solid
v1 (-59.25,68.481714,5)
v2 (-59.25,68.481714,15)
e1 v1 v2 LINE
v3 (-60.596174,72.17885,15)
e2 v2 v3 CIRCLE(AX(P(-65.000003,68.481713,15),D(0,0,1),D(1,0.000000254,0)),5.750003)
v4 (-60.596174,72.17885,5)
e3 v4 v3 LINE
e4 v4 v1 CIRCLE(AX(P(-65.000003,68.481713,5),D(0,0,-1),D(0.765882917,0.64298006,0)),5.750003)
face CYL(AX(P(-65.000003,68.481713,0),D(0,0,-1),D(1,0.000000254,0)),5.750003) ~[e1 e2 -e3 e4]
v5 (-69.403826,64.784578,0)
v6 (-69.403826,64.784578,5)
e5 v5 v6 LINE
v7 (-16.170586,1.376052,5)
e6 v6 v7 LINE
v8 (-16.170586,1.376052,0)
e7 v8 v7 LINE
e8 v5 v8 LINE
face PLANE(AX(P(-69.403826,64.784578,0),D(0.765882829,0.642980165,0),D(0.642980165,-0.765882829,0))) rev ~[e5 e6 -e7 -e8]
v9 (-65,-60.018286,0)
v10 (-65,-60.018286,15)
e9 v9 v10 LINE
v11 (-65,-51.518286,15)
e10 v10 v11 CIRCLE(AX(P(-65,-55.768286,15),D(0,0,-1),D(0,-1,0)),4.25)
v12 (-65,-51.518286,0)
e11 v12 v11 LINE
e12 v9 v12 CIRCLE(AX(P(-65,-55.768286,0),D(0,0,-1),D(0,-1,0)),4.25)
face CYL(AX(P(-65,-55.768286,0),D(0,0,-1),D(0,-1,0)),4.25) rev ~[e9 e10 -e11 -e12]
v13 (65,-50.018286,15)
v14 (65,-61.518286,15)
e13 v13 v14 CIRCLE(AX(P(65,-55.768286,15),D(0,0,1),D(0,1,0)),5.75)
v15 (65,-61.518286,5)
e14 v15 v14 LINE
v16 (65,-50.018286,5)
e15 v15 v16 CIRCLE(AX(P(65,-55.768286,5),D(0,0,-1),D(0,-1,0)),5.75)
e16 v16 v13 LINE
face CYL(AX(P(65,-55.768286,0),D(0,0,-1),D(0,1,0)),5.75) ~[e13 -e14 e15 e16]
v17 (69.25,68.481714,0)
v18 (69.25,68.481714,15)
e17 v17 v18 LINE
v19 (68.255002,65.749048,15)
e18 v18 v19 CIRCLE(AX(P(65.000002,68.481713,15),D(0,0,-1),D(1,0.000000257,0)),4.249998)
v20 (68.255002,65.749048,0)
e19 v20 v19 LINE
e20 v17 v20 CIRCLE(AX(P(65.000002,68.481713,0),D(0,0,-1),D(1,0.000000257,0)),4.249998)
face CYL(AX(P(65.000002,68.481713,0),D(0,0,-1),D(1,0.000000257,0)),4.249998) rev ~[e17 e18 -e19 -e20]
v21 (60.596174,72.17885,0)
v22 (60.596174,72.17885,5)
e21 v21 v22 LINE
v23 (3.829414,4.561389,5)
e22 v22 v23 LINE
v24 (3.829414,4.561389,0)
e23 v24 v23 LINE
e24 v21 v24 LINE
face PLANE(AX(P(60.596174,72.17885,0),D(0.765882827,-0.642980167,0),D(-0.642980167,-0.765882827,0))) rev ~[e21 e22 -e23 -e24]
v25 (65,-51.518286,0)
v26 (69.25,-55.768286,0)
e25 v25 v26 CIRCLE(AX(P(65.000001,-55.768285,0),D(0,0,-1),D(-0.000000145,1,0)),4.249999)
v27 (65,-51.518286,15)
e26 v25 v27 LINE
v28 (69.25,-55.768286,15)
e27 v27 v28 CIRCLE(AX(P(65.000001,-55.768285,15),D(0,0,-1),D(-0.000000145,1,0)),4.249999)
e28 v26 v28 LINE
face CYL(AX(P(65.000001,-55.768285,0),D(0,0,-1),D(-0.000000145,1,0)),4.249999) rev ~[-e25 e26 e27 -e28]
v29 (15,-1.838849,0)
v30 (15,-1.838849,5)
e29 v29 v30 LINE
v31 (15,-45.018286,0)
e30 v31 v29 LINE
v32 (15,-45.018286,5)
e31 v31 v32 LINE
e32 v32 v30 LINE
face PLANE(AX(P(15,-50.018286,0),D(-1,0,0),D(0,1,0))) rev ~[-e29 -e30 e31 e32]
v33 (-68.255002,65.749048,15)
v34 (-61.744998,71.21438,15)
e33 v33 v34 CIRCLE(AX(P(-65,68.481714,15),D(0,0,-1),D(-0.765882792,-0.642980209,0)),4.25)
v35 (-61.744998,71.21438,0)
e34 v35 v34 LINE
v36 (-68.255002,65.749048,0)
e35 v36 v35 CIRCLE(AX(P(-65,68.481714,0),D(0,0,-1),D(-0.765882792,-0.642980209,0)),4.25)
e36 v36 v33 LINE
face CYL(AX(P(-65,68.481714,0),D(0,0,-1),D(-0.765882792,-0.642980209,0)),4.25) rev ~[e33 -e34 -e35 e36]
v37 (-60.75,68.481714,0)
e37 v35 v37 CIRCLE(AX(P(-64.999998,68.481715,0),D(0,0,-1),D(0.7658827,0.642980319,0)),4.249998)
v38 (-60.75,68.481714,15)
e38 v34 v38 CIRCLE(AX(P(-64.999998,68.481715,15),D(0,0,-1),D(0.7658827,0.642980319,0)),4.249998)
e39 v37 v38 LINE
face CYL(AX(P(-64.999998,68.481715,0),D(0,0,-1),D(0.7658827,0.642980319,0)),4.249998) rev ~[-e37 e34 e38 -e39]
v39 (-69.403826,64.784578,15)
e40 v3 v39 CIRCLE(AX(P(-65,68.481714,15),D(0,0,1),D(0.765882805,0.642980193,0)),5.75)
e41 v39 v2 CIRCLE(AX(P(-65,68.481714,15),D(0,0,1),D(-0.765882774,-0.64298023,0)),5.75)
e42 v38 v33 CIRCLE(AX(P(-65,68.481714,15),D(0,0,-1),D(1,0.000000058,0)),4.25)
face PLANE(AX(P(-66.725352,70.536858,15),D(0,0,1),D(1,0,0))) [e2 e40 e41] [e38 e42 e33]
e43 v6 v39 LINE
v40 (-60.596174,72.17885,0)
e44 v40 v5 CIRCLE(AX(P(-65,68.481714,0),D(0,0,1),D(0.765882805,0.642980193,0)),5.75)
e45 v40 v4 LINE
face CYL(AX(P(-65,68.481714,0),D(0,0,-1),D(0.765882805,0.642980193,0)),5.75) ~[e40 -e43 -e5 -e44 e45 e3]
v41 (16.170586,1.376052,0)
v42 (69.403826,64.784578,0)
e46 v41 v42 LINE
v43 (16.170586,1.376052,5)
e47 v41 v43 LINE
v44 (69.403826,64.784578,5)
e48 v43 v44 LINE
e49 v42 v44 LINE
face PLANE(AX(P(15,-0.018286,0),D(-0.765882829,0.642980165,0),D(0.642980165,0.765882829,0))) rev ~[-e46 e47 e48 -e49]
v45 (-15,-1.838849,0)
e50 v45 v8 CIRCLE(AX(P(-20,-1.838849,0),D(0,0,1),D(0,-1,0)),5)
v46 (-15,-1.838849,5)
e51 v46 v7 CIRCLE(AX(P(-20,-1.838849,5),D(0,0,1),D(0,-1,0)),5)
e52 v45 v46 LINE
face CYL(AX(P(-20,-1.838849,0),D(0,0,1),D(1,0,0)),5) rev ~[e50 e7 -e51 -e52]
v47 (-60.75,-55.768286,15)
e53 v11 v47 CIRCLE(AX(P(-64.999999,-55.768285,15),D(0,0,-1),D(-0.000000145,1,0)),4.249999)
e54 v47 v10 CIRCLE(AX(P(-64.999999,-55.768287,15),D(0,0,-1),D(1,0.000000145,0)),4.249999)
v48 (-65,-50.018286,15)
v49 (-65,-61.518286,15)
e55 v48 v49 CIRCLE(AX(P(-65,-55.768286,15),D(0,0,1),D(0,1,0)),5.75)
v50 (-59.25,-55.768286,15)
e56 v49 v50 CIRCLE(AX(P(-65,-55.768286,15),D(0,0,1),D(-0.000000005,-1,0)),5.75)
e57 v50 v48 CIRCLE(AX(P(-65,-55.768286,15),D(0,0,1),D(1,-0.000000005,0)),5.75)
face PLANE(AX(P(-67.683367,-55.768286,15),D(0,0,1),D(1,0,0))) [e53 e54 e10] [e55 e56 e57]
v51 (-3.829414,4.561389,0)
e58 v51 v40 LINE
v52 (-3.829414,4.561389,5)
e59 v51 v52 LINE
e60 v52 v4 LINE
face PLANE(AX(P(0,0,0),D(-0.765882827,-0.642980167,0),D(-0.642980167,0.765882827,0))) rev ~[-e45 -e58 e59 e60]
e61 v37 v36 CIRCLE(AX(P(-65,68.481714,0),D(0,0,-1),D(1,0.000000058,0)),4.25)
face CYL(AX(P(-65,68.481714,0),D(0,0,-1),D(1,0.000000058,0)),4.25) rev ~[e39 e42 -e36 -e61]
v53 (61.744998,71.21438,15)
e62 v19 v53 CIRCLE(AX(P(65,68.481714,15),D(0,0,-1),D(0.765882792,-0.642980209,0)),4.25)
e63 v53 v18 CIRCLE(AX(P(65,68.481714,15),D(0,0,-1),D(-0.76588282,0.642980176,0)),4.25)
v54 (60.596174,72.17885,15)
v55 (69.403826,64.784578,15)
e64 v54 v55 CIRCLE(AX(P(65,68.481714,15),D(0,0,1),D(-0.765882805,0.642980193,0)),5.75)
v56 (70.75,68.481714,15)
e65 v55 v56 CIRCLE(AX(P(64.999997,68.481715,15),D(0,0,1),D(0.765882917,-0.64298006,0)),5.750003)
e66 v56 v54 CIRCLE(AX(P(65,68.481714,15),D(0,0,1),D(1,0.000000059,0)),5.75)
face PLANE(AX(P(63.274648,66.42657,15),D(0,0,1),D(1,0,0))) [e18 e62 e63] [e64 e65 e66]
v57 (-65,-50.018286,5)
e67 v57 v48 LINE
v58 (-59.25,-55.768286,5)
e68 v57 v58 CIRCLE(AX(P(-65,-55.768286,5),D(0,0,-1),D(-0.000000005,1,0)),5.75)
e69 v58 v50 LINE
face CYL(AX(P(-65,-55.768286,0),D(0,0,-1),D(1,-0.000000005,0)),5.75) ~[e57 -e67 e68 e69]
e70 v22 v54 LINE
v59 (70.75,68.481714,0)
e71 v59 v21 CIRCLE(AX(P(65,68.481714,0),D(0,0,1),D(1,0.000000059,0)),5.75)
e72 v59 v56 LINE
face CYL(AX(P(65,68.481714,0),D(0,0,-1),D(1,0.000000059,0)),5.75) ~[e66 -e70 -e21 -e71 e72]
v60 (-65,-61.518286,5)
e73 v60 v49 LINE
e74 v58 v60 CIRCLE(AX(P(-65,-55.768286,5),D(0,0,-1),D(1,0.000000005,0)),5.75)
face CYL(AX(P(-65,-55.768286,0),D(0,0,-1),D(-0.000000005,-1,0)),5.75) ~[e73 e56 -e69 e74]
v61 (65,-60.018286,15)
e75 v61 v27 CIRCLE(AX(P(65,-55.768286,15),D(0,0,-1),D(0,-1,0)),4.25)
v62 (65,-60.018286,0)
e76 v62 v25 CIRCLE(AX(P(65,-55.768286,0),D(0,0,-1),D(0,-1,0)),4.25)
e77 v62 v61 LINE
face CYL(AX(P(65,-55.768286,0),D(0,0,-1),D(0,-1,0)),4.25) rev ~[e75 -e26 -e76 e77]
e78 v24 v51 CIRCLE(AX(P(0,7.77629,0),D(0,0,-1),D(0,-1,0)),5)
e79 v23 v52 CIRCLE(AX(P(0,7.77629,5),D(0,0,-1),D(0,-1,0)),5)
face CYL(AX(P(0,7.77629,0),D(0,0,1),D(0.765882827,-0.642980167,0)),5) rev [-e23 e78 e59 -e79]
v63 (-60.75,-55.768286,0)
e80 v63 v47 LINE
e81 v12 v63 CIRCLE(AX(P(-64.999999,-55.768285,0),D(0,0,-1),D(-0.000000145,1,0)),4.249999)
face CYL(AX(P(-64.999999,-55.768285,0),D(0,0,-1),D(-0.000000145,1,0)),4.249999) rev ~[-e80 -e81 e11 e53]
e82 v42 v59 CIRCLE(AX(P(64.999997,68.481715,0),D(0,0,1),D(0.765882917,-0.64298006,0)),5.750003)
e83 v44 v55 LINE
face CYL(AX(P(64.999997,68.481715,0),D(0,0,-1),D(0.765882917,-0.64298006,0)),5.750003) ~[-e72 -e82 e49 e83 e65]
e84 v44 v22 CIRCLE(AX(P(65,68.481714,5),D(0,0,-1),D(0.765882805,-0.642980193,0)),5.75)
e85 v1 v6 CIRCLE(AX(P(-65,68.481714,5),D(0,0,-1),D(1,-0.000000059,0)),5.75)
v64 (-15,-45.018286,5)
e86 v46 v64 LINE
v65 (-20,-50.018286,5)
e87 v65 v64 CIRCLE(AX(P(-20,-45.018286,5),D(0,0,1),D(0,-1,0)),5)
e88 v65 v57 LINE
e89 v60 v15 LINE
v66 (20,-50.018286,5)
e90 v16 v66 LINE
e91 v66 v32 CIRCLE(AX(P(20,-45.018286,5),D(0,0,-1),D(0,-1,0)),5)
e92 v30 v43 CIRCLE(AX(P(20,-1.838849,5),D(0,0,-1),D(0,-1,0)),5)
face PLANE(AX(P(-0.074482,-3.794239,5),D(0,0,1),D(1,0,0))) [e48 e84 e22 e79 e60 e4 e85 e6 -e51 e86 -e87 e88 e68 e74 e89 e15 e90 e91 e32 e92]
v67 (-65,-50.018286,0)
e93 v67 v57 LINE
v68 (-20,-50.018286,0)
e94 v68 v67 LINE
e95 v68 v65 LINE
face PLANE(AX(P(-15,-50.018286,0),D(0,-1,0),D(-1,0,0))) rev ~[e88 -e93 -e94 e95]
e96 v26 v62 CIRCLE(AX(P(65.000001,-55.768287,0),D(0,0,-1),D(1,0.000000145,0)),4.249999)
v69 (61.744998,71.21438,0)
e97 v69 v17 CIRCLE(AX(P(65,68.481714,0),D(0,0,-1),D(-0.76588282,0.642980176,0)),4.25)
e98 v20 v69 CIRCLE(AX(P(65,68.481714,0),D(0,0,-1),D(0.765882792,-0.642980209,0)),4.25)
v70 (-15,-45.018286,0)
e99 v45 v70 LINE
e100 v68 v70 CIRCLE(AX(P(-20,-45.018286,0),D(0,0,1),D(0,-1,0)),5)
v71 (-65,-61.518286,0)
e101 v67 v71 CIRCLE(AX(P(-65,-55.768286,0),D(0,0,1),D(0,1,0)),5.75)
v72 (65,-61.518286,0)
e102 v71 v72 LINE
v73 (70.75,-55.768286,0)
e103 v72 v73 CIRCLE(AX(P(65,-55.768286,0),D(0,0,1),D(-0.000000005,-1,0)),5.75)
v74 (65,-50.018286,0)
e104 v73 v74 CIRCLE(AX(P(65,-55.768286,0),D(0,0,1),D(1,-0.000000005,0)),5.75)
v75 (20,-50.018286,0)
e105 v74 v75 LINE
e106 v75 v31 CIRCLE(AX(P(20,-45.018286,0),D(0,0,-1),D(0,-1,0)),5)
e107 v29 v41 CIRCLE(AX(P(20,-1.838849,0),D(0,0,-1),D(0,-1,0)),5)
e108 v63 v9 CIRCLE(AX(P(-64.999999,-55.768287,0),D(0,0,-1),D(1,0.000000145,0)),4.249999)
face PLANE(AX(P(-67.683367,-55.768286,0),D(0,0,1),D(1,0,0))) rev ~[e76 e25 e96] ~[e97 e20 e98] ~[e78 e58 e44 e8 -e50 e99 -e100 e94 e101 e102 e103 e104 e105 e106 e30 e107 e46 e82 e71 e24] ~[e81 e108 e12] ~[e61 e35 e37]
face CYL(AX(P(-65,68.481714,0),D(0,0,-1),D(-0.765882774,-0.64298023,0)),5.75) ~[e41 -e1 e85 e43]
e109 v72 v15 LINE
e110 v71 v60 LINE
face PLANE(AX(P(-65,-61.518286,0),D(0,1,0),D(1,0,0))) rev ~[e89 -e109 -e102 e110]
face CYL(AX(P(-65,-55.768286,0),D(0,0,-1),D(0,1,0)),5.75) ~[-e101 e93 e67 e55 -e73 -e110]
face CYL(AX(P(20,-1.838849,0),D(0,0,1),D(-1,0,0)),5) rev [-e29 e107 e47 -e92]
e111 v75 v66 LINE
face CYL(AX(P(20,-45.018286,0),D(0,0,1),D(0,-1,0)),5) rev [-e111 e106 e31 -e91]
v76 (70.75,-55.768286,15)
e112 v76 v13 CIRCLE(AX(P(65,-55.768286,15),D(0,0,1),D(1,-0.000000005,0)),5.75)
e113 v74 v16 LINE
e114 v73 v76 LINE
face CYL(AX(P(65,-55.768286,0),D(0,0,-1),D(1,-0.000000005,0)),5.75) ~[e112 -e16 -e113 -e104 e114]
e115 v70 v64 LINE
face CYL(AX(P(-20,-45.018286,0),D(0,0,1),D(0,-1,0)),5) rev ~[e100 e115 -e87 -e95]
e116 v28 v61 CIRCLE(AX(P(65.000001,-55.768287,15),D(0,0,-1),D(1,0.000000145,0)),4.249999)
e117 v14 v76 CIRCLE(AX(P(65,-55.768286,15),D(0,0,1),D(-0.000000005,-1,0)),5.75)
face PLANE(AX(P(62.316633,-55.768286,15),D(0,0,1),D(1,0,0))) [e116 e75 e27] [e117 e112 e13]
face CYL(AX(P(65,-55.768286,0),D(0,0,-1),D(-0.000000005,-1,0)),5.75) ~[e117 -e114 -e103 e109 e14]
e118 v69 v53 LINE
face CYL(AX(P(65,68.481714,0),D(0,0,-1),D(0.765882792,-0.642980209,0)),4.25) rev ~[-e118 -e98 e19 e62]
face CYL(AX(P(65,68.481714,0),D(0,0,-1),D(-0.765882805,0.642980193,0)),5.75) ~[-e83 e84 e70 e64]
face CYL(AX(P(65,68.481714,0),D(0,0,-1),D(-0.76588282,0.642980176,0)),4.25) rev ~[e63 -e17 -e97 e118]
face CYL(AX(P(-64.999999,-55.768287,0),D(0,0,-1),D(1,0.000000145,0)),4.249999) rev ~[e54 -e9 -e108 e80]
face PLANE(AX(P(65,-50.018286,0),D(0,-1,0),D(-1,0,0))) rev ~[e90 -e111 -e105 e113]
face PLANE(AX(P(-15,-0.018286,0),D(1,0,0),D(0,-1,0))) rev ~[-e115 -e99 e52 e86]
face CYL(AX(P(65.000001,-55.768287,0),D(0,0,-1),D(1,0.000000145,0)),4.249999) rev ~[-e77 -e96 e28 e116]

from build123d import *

# Parameters (mm, degrees)
F1_DEPTH = 5
F2_DEPTH = 15
F3_R     = 5


with BuildPart() as f1:
    # F0 (on Top) → F1 (new body)
    with BuildSketch(Plane.XY):
        with BuildLine():
            Line((-69.403826, 64.784578), (-15, -0.018286))
            Line((-15, -0.018286), (-15, -50.018286))
            Line((-15, -50.018286), (-65, -50.018286))
            ThreePointArc((-65, -50.018286), (-60.934136, -51.702422), (-59.25, -55.768286))
            ThreePointArc((-59.25, -55.768286), (-60.934136, -59.83415), (-65, -61.518286))
            Line((-65, -61.518286), (-15, -61.518286))
            Line((-15, -61.518286), (15, -61.518286))
            Line((15, -61.518286), (65, -61.518286))
            ThreePointArc((65, -61.518286), (59.25, -55.768286), (65, -50.018286))
            Line((65, -50.018286), (15, -50.018286))
            Line((15, -50.018286), (15, -0.018286))
            Line((15, -0.018286), (69.403826, 64.784578))
            ThreePointArc((69.403826, 64.784578), (61.302864, 64.077888), (60.596174, 72.17885))
            Line((60.596174, 72.17885), (0, 0))
            Line((0, 0), (-60.596174, 72.17885))
            ThreePointArc((-60.596174, 72.17885), (-59.597015, 70.449009), (-59.25, 68.481714))
            ThreePointArc((-59.25, 68.481714), (-63.032705, 63.078729), (-69.403826, 64.784578))
        make_face()
    extrude(amount=F1_DEPTH)

    # F0 (on Top) → F2 (join)
    with BuildSketch(Plane.XY):
        with BuildLine():
            Line((-65, -51.518286), (-65, -50.018286))
            ThreePointArc((-65, -50.018286), (-70.75, -55.768286), (-65, -61.518286))
            Line((-65, -61.518286), (-65, -60.018286))
            ThreePointArc((-65, -60.018286), (-69.25, -55.768286), (-65, -51.518286))
        make_face()
        with BuildLine():
            ThreePointArc((-59.25, -55.768286), (-60.934136, -51.702422), (-65, -50.018286))
            Line((-65, -50.018286), (-65, -51.518286))
            ThreePointArc((-65, -51.518286), (-61.994796, -52.763082), (-60.75, -55.768286))
            ThreePointArc((-60.75, -55.768286), (-61.994796, -58.77349), (-65, -60.018286))
            Line((-65, -60.018286), (-65, -61.518286))
            ThreePointArc((-65, -61.518286), (-60.934136, -59.83415), (-59.25, -55.768286))
        make_face()
        with BuildLine():
            ThreePointArc((65, -50.018286), (59.25, -55.768286), (65, -61.518286))
            Line((65, -61.518286), (65, -60.018286))
            ThreePointArc((65, -60.018286), (60.75, -55.768286), (65, -51.518286))
            Line((65, -51.518286), (65, -50.018286))
        make_face()
        with BuildLine():
            Line((65, -60.018286), (65, -61.518286))
            ThreePointArc((65, -61.518286), (69.065864, -59.83415), (70.75, -55.768286))
            ThreePointArc((70.75, -55.768286), (69.065864, -51.702422), (65, -50.018286))
            Line((65, -50.018286), (65, -51.518286))
            ThreePointArc((65, -51.518286), (68.005204, -52.763082), (69.25, -55.768286))
            ThreePointArc((69.25, -55.768286), (68.005204, -58.77349), (65, -60.018286))
        make_face()
        with BuildLine():
            Line((61.744998, 71.21438), (60.596174, 72.17885))
            ThreePointArc((60.596174, 72.17885), (61.302864, 64.077888), (69.403826, 64.784578))
            Line((69.403826, 64.784578), (68.255002, 65.749048))
            ThreePointArc((68.255002, 65.749048), (62.267334, 65.226712), (61.744998, 71.21438))
        make_face()
        with BuildLine():
            ThreePointArc((70.75, 68.481714), (66.967295, 73.884699), (60.596174, 72.17885))
            Line((60.596174, 72.17885), (61.744998, 71.21438))
            ThreePointArc((61.744998, 71.21438), (66.454088, 72.475225), (69.25, 68.481714))
            ThreePointArc((69.25, 68.481714), (68.993511, 67.027626), (68.255002, 65.749048))
            Line((68.255002, 65.749048), (69.403826, 64.784578))
            ThreePointArc((69.403826, 64.784578), (70.402985, 66.514419), (70.75, 68.481714))
        make_face()
        with BuildLine():
            ThreePointArc((-60.596174, 72.17885), (-68.697136, 72.88554), (-69.403826, 64.784578))
            Line((-69.403826, 64.784578), (-68.255002, 65.749048))
            ThreePointArc((-68.255002, 65.749048), (-67.732666, 71.736716), (-61.744998, 71.21438))
            Line((-61.744998, 71.21438), (-60.596174, 72.17885))
        make_face()
        with BuildLine():
            Line((-68.255002, 65.749048), (-69.403826, 64.784578))
            ThreePointArc((-69.403826, 64.784578), (-63.032705, 63.078729), (-59.25, 68.481714))
            ThreePointArc((-59.25, 68.481714), (-59.597015, 70.449009), (-60.596174, 72.17885))
            Line((-60.596174, 72.17885), (-61.744998, 71.21438))
            ThreePointArc((-61.744998, 71.21438), (-61.006489, 69.935802), (-60.75, 68.481714))
            ThreePointArc((-60.75, 68.481714), (-63.545912, 64.488203), (-68.255002, 65.749048))
        make_face()
    extrude(amount=F2_DEPTH)

    # F3
    f3_edges = [f1.edges().sort_by_distance(p)[0] for p in [
        (0, 0, 2.5),
        (-15, -0.018286, 2.5),
        (15, -0.018286, 2.5),
        (15, -50.018286, 2.5),
        (-15, -50.018286, 2.5),
    ]]
    fillet(f3_edges, radius=F3_R)


solid = f1.part
